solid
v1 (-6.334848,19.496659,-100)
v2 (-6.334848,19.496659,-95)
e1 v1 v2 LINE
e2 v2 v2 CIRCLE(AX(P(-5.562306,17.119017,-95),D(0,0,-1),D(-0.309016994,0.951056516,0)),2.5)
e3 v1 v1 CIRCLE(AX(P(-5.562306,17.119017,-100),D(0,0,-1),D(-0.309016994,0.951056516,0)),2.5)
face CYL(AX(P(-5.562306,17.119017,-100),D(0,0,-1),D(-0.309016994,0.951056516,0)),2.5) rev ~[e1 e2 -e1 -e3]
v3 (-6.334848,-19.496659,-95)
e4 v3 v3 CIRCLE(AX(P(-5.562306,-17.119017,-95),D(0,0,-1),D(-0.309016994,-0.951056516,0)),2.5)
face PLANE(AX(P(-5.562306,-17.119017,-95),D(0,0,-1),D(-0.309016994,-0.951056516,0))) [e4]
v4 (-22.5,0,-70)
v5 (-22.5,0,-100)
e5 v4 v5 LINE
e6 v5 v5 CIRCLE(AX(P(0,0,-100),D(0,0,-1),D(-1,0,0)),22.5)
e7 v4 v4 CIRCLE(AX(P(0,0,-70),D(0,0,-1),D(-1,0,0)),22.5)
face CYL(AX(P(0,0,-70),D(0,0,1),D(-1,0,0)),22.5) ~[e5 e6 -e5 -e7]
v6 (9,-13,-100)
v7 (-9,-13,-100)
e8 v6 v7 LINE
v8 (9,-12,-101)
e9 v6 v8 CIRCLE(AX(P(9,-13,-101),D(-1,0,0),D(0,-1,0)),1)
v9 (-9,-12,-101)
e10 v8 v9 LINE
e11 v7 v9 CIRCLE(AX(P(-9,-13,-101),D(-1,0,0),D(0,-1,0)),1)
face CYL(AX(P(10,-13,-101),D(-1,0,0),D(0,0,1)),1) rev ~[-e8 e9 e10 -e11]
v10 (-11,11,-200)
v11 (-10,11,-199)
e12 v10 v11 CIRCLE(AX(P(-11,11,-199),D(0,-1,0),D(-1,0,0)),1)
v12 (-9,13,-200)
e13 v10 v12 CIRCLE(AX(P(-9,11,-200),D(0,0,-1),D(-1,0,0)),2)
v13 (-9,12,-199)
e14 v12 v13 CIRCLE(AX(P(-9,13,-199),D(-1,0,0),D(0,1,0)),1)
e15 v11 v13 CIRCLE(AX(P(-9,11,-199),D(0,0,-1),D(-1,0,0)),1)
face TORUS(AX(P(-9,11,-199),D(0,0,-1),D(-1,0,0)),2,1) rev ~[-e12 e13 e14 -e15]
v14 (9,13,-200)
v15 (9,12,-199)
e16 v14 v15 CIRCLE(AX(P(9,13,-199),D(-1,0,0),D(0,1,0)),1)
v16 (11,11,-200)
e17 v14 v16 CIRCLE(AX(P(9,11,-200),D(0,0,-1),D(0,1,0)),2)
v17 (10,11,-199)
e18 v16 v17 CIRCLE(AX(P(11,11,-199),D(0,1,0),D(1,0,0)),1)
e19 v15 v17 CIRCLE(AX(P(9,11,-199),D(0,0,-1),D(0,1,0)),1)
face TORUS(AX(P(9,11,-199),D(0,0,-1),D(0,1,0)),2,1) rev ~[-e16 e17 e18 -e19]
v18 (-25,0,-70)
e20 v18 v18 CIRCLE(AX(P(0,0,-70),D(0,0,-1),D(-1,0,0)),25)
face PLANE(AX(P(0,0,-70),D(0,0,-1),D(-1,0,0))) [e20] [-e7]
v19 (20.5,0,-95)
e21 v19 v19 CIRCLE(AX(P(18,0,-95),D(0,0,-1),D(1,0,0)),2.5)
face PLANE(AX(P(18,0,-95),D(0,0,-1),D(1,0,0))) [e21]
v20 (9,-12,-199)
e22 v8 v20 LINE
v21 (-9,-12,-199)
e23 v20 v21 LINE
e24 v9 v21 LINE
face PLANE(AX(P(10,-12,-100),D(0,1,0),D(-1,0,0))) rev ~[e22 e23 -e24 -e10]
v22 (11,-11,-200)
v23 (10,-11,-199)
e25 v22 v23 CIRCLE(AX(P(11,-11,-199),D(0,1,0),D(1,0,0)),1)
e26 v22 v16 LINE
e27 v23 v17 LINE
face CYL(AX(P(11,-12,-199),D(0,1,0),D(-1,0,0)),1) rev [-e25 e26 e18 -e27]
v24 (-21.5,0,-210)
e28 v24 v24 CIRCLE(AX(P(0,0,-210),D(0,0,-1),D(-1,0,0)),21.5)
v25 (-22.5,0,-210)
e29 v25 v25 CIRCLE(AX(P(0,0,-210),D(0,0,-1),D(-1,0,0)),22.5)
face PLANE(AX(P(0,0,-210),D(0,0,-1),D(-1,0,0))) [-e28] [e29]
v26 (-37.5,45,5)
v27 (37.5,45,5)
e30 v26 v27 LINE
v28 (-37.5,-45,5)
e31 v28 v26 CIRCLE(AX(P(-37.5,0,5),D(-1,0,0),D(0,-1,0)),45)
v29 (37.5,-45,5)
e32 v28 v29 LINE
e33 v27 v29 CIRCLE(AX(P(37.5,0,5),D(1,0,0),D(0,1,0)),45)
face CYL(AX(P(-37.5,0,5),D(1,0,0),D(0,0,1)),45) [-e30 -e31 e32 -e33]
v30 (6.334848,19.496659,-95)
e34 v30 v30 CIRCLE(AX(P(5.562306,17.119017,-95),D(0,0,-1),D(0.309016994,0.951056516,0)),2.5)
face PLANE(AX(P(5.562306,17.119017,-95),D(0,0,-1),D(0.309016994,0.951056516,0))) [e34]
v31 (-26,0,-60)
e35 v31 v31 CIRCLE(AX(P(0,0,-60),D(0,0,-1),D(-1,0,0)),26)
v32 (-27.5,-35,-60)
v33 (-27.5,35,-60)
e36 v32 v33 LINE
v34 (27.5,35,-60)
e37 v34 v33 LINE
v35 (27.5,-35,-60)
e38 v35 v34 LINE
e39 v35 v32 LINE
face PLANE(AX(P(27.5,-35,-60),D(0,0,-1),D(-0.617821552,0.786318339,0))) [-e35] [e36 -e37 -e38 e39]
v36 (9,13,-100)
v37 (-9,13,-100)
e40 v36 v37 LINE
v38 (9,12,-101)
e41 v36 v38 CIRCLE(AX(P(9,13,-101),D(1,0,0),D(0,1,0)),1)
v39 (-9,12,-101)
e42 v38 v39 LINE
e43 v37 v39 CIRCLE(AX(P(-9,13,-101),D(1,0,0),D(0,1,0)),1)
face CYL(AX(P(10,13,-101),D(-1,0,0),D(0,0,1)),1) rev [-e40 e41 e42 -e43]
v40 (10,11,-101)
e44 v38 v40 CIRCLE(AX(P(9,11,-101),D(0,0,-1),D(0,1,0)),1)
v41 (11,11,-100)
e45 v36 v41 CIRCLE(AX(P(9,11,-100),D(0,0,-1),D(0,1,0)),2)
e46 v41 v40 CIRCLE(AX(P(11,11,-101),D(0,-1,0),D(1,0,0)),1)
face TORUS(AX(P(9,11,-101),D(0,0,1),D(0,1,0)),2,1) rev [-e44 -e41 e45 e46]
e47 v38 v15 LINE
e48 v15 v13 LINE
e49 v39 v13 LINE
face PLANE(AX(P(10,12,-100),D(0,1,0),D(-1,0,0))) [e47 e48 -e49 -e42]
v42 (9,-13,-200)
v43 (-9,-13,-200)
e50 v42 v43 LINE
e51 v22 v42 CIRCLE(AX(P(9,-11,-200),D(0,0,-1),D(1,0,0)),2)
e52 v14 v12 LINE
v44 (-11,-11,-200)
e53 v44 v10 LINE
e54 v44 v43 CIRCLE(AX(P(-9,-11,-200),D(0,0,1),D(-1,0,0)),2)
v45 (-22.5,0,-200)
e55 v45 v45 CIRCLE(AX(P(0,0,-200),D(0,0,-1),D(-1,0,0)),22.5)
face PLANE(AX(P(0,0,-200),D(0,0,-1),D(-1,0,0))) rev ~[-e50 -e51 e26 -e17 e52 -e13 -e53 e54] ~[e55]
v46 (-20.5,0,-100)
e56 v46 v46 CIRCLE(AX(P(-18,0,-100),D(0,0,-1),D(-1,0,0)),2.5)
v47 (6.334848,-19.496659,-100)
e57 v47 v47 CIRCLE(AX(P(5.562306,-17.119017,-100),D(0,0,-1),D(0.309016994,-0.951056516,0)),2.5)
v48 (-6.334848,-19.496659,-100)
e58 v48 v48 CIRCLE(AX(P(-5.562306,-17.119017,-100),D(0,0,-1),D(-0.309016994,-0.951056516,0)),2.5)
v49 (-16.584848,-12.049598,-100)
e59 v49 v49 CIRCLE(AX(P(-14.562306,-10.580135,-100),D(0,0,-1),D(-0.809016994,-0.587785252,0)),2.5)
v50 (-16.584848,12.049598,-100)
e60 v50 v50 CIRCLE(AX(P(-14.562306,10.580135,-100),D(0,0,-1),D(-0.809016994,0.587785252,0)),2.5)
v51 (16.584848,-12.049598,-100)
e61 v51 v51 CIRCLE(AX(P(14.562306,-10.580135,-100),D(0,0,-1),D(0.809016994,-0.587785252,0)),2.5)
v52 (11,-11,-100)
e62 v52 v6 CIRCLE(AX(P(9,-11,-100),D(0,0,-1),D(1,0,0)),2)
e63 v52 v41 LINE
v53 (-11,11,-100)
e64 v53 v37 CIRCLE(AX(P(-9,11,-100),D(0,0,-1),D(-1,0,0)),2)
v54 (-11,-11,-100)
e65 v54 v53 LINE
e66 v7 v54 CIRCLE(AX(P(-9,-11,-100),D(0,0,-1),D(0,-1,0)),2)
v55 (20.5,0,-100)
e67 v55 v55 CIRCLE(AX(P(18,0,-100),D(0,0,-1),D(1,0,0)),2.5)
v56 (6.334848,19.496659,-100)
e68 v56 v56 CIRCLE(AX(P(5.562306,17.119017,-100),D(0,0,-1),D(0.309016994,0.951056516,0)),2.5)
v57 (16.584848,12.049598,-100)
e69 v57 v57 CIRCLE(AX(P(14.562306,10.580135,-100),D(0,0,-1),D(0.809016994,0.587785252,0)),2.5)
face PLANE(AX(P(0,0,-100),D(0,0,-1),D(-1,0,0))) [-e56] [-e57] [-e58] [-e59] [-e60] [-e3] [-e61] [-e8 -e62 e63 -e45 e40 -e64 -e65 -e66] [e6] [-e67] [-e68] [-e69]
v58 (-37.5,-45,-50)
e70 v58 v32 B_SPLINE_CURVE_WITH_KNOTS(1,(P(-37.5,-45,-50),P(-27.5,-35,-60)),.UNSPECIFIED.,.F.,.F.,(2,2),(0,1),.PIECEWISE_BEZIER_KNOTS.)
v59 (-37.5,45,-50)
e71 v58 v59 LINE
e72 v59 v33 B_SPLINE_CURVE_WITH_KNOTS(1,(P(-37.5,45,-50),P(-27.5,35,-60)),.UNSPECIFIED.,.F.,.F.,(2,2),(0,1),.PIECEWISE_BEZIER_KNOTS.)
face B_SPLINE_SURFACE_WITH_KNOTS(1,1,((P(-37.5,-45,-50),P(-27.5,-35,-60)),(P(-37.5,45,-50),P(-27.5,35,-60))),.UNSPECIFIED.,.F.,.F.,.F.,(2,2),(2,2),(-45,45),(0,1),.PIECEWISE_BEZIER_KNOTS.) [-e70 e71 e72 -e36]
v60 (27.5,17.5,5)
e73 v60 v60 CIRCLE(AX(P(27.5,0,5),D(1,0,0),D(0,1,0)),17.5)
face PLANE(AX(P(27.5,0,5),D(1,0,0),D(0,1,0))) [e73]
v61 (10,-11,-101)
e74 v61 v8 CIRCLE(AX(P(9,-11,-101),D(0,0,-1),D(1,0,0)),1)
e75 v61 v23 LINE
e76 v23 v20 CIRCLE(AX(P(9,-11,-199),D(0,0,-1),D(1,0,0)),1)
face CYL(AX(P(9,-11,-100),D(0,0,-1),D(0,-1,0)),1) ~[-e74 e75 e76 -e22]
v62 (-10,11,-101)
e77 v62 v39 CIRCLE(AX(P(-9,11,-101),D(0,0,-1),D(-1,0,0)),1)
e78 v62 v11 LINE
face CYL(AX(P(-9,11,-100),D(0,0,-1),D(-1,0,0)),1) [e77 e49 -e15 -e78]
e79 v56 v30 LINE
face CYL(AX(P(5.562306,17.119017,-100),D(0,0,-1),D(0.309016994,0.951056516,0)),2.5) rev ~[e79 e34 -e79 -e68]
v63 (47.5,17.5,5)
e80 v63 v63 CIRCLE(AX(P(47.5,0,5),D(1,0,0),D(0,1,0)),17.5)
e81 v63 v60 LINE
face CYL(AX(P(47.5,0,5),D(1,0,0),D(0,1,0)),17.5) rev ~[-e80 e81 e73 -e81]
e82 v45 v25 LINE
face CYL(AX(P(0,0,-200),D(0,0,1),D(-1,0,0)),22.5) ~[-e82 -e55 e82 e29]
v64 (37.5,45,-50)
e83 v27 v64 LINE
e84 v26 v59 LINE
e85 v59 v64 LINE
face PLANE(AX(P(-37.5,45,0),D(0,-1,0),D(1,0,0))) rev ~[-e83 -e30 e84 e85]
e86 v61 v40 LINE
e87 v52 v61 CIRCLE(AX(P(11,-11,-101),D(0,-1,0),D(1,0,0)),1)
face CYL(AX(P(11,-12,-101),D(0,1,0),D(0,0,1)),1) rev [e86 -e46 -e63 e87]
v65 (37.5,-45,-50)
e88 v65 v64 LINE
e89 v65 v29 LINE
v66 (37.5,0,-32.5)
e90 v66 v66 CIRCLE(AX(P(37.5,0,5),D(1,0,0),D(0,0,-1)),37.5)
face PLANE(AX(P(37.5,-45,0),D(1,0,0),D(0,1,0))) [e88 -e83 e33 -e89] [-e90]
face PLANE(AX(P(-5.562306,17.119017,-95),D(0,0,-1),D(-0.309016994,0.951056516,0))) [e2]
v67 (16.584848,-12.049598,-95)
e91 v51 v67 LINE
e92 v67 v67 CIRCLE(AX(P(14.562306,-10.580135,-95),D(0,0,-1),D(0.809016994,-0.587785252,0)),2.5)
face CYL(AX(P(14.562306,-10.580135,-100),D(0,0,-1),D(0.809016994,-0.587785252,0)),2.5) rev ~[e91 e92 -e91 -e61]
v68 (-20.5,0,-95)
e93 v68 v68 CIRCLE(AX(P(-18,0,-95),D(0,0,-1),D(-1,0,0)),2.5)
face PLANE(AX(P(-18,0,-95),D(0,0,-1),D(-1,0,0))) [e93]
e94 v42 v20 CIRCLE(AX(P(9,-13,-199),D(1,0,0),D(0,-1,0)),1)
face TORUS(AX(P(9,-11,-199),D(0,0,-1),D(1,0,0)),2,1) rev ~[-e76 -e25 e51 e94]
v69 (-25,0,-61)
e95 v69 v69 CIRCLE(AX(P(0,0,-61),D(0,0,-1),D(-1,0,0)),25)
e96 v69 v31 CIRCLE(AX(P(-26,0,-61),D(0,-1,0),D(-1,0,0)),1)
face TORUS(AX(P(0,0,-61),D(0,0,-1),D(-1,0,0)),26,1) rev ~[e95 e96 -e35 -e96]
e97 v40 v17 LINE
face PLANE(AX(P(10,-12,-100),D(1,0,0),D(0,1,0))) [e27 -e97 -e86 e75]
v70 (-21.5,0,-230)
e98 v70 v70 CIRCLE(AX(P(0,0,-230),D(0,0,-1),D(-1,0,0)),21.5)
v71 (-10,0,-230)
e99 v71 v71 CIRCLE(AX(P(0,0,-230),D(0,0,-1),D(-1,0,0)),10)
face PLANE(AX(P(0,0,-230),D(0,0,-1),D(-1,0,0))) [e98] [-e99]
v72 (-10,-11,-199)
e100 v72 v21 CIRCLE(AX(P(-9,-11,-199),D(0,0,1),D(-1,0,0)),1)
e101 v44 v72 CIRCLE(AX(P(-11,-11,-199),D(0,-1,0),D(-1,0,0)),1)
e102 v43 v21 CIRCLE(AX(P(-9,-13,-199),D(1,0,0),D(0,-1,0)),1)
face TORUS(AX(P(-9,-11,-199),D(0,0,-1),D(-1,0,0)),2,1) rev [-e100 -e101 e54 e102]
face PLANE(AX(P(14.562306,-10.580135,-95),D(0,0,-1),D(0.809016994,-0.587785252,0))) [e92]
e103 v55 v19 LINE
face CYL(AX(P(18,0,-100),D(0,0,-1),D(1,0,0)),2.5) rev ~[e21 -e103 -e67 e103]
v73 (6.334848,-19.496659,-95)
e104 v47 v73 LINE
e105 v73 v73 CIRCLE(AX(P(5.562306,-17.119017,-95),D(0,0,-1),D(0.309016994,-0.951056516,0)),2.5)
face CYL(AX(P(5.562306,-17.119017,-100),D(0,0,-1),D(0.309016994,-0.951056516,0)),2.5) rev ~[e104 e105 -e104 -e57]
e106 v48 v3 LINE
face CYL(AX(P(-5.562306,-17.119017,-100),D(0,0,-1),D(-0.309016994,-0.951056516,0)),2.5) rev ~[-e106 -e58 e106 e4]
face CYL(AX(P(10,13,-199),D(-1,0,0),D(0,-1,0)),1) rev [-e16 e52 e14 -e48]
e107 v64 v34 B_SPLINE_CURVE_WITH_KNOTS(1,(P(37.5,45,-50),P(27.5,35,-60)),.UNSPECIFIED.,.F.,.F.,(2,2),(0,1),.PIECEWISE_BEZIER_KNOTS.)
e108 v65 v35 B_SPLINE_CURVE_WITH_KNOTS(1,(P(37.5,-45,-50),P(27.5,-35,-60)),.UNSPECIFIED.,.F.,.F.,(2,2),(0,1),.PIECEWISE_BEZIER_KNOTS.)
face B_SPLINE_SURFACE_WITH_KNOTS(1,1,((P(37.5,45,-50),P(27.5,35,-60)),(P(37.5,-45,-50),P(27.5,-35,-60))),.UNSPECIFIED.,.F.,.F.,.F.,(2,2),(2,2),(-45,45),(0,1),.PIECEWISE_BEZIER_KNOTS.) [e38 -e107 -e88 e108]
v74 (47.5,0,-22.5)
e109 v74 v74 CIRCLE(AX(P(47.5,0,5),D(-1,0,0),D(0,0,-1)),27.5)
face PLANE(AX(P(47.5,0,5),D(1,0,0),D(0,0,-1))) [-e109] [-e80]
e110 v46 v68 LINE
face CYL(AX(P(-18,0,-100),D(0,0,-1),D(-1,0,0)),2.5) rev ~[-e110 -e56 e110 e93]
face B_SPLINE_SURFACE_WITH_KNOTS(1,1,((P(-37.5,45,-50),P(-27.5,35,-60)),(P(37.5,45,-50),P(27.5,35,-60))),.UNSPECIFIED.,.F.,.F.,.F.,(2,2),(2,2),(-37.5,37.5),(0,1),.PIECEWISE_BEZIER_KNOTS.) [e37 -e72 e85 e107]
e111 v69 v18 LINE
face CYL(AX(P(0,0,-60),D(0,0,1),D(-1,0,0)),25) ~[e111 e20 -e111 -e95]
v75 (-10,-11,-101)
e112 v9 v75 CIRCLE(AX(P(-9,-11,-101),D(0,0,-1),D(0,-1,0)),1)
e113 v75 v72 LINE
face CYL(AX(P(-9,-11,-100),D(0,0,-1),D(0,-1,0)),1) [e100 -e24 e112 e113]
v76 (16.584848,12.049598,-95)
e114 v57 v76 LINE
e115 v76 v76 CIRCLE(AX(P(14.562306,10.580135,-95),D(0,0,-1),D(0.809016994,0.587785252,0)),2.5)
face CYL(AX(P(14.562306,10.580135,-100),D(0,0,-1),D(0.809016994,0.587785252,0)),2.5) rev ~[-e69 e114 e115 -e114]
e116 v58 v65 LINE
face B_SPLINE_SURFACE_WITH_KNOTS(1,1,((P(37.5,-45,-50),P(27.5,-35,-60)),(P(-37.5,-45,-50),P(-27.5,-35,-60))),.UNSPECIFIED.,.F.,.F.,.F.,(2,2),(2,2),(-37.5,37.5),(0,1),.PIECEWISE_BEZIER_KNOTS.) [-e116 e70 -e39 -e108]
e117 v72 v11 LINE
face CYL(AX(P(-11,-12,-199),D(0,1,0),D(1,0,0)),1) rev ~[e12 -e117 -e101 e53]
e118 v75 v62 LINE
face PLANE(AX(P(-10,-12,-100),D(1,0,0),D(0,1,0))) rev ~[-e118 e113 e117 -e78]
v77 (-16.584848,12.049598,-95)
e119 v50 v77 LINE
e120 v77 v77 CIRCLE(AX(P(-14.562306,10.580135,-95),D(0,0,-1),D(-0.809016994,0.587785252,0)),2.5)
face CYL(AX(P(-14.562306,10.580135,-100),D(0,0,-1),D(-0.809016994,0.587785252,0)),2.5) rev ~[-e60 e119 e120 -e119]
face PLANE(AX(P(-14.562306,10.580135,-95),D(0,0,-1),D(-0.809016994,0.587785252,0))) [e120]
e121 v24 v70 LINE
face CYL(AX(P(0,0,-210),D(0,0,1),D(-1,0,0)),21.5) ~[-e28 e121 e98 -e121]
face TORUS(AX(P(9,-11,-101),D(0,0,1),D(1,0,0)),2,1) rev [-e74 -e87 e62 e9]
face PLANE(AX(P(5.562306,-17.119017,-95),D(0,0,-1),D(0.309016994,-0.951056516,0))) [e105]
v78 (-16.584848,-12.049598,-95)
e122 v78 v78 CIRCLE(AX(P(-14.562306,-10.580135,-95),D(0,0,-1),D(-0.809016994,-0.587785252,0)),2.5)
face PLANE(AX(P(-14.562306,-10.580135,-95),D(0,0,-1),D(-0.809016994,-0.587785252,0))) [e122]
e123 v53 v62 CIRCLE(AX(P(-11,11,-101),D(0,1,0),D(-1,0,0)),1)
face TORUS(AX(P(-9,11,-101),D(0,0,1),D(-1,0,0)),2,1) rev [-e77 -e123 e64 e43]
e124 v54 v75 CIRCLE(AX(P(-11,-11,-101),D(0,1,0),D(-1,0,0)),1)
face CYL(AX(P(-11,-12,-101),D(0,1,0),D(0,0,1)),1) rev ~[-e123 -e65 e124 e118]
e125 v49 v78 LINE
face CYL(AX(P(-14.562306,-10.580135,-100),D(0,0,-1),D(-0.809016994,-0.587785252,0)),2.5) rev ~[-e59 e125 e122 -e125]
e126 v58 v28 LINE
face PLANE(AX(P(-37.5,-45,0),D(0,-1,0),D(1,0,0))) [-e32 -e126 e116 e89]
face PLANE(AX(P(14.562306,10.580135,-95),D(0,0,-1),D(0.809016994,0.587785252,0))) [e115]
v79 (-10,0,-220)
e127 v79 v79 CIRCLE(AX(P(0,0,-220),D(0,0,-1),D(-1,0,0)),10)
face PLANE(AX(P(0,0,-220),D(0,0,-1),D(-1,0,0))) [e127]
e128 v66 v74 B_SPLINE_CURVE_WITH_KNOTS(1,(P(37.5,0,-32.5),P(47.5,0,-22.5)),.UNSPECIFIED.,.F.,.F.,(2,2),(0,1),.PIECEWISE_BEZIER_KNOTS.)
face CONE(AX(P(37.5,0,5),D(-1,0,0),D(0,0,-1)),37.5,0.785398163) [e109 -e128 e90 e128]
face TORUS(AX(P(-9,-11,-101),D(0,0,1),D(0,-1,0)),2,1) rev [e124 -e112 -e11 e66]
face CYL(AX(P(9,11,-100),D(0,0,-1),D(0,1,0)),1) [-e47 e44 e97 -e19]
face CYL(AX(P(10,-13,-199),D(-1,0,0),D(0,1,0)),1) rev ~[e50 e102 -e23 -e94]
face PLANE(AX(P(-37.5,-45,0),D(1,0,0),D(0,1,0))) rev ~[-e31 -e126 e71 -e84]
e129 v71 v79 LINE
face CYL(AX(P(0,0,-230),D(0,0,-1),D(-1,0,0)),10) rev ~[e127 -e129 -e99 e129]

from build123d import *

# Parameters (mm, degrees)
SKETCH1_W           = 75
SKETCH1_H           = 90
BOSS_EXTRUDE1_DEPTH = 50
SKETCH2_W           = 75
SKETCH2_H           = 90
BOSS_EXTRUDE2_DEPTH = 10
BOSS_EXTRUDE2_TAPER = 45
SKETCH3_R           = 25
BOSS_EXTRUDE3_DEPTH = 10
SKETCH4_R           = 22.5
BOSS_EXTRUDE4_DEPTH = 30
SKETCH5_R           = 2.5
CUT_EXTRUDE1_DEPTH  = 5
CIRPATTERN1_COUNT   = 10
SKETCH6_W           = 20
SKETCH6_H           = 24
BOSS_EXTRUDE5_DEPTH = 100
SKETCH7_R           = 22.5
BOSS_EXTRUDE6_DEPTH = 10
SKETCH8_R           = 21.5
BOSS_EXTRUDE7_DEPTH = 20
SKETCH9_R           = 10
CUT_EXTRUDE2_DEPTH  = 10
FILLET1_RADIUS      = 45
FILLET1_LENGTH      = 75
SKETCH10_R          = 37.5
BOSS_EXTRUDE8_DEPTH = 10
BOSS_EXTRUDE8_TAPER = 45
SKETCH11_R          = 17.5
CUT_EXTRUDE3_DEPTH  = 20
FILLET4_R           = 1
FILLET5_R           = 1


with BuildPart() as part:
    # Sketch1 → Boss-Extrude1 (new, symmetric)
    with BuildSketch(Plane.XY):
        Rectangle(SKETCH1_W, SKETCH1_H)
    extrude(amount=BOSS_EXTRUDE1_DEPTH, both=True)

    # Sketch2 → Boss-Extrude2 (add)
    with BuildSketch(Plane(origin=(0, 0, -50), x_dir=(-1, 0, 0), z_dir=(0, 0, -1))):
        Rectangle(SKETCH2_W, SKETCH2_H)
    extrude(amount=BOSS_EXTRUDE2_DEPTH, taper=BOSS_EXTRUDE2_TAPER)

    # Sketch3 → Boss-Extrude3 (add)
    with BuildSketch(Plane(origin=(0, 0, -60), x_dir=(-1, 0, 0), z_dir=(0, 0, -1))):
        Circle(SKETCH3_R)
    extrude(amount=BOSS_EXTRUDE3_DEPTH)

    # Sketch4 → Boss-Extrude4 (add)
    with BuildSketch(Plane(origin=(0, 0, -70), x_dir=(-1, 0, 0), z_dir=(0, 0, -1))):
        Circle(SKETCH4_R)
    extrude(amount=BOSS_EXTRUDE4_DEPTH)

    # Sketch5 → Cut-Extrude1 (cut)
    with BuildSketch(Plane(origin=(0, 0, -100), x_dir=(-1, 0, 0), z_dir=(0, 0, -1))):
        with Locations((18, 0)):
            Circle(SKETCH5_R)
    cut_extrude1 = extrude(amount=-CUT_EXTRUDE1_DEPTH, mode=Mode.SUBTRACT)

    # CirPattern1: Cut-Extrude1 ×10 about axis
    cirpattern1_axis = Axis((0, 0, 0), (0, 0, 1))
    for i in range(1, CIRPATTERN1_COUNT):
        add(cut_extrude1.rotate(cirpattern1_axis, i * 360 / CIRPATTERN1_COUNT), mode=Mode.SUBTRACT)

    # Sketch6 → Boss-Extrude5 (add)
    with BuildSketch(Plane(origin=(0, 0, -100), x_dir=(-1, 0, 0), z_dir=(0, 0, -1))):
        Rectangle(SKETCH6_W, SKETCH6_H)
    extrude(amount=BOSS_EXTRUDE5_DEPTH)

    # Sketch7 → Boss-Extrude6 (add)
    with BuildSketch(Plane(origin=(0, 0, -200), x_dir=(-1, 0, 0), z_dir=(0, 0, -1))):
        Circle(SKETCH7_R)
    extrude(amount=BOSS_EXTRUDE6_DEPTH)

    # Sketch8 → Boss-Extrude7 (add)
    with BuildSketch(Plane(origin=(0, 0, -210), x_dir=(-1, 0, 0), z_dir=(0, 0, -1))):
        Circle(SKETCH8_R)
    extrude(amount=BOSS_EXTRUDE7_DEPTH)

    # Sketch9 → Cut-Extrude2 (cut)
    with BuildSketch(Plane(origin=(0, 0, -230), x_dir=(-1, 0, 0), z_dir=(0, 0, -1))):
        Circle(SKETCH9_R)
    extrude(amount=-CUT_EXTRUDE2_DEPTH, mode=Mode.SUBTRACT)

    # Fillet1: full round fillet: the end face becomes a half cylinder, R = half its width
    fillet1_face = Plane((0, 0, 50), x_dir=(1, 0, 0), z_dir=(0, 0, 1))  # on the end face: x along it, z out of the body
    fillet1_slab = fillet1_face.offset(-FILLET1_RADIUS / 2) * Box(FILLET1_LENGTH, 2 * FILLET1_RADIUS, FILLET1_RADIUS, mode=Mode.PRIVATE)  # the body's end, R deep
    fillet1_round = Plane((0, 0, 5), x_dir=(0, 0, 1), z_dir=(1, 0, 0)) * Cylinder(FILLET1_RADIUS, FILLET1_LENGTH, mode=Mode.PRIVATE)  # its axis R under the face
    add(fillet1_slab - fillet1_round, mode=Mode.SUBTRACT)

    # Sketch10 → Boss-Extrude8 (add)
    with BuildSketch(Plane(origin=(37.5, 0, 0), x_dir=(0, 0, -1), z_dir=(1, 0, 0))):
        with Locations((-5, 0)):
            Circle(SKETCH10_R)
    extrude(amount=BOSS_EXTRUDE8_DEPTH, taper=BOSS_EXTRUDE8_TAPER)

    # Sketch11 → Cut-Extrude3 (cut)
    with BuildSketch(Plane(origin=(47.5, 0, 0), x_dir=(0, 0, -1), z_dir=(1, 0, 0))):
        with Locations(Location((-5, 0, 0), (0, 0, 90))):
            Circle(SKETCH11_R)
    extrude(amount=-CUT_EXTRUDE3_DEPTH, mode=Mode.SUBTRACT)

    # Fillet4
    fillet4_edges = [part.edges().sort_by_distance(p)[0] for p in [
        (25, 0, -60),
    ]]
    fillet(fillet4_edges, radius=FILLET4_R)

    # Fillet5
    fillet5_edges = [part.edges().sort_by_distance(p)[0] for p in [
        (-10, 0, -100),
        (-10, -12, -150),
        (0, 12, -100),
        (-10, 12, -150),
        (10, 0, -100),
        (10, 12, -150),
        (0, -12, -100),
        (10, -12, -150),
        (-10, 0, -200),
        (0, 12, -200),
        (10, 0, -200),
        (0, -12, -200),
    ]]
    fillet(fillet5_edges, radius=FILLET5_R)


solid = part.part
